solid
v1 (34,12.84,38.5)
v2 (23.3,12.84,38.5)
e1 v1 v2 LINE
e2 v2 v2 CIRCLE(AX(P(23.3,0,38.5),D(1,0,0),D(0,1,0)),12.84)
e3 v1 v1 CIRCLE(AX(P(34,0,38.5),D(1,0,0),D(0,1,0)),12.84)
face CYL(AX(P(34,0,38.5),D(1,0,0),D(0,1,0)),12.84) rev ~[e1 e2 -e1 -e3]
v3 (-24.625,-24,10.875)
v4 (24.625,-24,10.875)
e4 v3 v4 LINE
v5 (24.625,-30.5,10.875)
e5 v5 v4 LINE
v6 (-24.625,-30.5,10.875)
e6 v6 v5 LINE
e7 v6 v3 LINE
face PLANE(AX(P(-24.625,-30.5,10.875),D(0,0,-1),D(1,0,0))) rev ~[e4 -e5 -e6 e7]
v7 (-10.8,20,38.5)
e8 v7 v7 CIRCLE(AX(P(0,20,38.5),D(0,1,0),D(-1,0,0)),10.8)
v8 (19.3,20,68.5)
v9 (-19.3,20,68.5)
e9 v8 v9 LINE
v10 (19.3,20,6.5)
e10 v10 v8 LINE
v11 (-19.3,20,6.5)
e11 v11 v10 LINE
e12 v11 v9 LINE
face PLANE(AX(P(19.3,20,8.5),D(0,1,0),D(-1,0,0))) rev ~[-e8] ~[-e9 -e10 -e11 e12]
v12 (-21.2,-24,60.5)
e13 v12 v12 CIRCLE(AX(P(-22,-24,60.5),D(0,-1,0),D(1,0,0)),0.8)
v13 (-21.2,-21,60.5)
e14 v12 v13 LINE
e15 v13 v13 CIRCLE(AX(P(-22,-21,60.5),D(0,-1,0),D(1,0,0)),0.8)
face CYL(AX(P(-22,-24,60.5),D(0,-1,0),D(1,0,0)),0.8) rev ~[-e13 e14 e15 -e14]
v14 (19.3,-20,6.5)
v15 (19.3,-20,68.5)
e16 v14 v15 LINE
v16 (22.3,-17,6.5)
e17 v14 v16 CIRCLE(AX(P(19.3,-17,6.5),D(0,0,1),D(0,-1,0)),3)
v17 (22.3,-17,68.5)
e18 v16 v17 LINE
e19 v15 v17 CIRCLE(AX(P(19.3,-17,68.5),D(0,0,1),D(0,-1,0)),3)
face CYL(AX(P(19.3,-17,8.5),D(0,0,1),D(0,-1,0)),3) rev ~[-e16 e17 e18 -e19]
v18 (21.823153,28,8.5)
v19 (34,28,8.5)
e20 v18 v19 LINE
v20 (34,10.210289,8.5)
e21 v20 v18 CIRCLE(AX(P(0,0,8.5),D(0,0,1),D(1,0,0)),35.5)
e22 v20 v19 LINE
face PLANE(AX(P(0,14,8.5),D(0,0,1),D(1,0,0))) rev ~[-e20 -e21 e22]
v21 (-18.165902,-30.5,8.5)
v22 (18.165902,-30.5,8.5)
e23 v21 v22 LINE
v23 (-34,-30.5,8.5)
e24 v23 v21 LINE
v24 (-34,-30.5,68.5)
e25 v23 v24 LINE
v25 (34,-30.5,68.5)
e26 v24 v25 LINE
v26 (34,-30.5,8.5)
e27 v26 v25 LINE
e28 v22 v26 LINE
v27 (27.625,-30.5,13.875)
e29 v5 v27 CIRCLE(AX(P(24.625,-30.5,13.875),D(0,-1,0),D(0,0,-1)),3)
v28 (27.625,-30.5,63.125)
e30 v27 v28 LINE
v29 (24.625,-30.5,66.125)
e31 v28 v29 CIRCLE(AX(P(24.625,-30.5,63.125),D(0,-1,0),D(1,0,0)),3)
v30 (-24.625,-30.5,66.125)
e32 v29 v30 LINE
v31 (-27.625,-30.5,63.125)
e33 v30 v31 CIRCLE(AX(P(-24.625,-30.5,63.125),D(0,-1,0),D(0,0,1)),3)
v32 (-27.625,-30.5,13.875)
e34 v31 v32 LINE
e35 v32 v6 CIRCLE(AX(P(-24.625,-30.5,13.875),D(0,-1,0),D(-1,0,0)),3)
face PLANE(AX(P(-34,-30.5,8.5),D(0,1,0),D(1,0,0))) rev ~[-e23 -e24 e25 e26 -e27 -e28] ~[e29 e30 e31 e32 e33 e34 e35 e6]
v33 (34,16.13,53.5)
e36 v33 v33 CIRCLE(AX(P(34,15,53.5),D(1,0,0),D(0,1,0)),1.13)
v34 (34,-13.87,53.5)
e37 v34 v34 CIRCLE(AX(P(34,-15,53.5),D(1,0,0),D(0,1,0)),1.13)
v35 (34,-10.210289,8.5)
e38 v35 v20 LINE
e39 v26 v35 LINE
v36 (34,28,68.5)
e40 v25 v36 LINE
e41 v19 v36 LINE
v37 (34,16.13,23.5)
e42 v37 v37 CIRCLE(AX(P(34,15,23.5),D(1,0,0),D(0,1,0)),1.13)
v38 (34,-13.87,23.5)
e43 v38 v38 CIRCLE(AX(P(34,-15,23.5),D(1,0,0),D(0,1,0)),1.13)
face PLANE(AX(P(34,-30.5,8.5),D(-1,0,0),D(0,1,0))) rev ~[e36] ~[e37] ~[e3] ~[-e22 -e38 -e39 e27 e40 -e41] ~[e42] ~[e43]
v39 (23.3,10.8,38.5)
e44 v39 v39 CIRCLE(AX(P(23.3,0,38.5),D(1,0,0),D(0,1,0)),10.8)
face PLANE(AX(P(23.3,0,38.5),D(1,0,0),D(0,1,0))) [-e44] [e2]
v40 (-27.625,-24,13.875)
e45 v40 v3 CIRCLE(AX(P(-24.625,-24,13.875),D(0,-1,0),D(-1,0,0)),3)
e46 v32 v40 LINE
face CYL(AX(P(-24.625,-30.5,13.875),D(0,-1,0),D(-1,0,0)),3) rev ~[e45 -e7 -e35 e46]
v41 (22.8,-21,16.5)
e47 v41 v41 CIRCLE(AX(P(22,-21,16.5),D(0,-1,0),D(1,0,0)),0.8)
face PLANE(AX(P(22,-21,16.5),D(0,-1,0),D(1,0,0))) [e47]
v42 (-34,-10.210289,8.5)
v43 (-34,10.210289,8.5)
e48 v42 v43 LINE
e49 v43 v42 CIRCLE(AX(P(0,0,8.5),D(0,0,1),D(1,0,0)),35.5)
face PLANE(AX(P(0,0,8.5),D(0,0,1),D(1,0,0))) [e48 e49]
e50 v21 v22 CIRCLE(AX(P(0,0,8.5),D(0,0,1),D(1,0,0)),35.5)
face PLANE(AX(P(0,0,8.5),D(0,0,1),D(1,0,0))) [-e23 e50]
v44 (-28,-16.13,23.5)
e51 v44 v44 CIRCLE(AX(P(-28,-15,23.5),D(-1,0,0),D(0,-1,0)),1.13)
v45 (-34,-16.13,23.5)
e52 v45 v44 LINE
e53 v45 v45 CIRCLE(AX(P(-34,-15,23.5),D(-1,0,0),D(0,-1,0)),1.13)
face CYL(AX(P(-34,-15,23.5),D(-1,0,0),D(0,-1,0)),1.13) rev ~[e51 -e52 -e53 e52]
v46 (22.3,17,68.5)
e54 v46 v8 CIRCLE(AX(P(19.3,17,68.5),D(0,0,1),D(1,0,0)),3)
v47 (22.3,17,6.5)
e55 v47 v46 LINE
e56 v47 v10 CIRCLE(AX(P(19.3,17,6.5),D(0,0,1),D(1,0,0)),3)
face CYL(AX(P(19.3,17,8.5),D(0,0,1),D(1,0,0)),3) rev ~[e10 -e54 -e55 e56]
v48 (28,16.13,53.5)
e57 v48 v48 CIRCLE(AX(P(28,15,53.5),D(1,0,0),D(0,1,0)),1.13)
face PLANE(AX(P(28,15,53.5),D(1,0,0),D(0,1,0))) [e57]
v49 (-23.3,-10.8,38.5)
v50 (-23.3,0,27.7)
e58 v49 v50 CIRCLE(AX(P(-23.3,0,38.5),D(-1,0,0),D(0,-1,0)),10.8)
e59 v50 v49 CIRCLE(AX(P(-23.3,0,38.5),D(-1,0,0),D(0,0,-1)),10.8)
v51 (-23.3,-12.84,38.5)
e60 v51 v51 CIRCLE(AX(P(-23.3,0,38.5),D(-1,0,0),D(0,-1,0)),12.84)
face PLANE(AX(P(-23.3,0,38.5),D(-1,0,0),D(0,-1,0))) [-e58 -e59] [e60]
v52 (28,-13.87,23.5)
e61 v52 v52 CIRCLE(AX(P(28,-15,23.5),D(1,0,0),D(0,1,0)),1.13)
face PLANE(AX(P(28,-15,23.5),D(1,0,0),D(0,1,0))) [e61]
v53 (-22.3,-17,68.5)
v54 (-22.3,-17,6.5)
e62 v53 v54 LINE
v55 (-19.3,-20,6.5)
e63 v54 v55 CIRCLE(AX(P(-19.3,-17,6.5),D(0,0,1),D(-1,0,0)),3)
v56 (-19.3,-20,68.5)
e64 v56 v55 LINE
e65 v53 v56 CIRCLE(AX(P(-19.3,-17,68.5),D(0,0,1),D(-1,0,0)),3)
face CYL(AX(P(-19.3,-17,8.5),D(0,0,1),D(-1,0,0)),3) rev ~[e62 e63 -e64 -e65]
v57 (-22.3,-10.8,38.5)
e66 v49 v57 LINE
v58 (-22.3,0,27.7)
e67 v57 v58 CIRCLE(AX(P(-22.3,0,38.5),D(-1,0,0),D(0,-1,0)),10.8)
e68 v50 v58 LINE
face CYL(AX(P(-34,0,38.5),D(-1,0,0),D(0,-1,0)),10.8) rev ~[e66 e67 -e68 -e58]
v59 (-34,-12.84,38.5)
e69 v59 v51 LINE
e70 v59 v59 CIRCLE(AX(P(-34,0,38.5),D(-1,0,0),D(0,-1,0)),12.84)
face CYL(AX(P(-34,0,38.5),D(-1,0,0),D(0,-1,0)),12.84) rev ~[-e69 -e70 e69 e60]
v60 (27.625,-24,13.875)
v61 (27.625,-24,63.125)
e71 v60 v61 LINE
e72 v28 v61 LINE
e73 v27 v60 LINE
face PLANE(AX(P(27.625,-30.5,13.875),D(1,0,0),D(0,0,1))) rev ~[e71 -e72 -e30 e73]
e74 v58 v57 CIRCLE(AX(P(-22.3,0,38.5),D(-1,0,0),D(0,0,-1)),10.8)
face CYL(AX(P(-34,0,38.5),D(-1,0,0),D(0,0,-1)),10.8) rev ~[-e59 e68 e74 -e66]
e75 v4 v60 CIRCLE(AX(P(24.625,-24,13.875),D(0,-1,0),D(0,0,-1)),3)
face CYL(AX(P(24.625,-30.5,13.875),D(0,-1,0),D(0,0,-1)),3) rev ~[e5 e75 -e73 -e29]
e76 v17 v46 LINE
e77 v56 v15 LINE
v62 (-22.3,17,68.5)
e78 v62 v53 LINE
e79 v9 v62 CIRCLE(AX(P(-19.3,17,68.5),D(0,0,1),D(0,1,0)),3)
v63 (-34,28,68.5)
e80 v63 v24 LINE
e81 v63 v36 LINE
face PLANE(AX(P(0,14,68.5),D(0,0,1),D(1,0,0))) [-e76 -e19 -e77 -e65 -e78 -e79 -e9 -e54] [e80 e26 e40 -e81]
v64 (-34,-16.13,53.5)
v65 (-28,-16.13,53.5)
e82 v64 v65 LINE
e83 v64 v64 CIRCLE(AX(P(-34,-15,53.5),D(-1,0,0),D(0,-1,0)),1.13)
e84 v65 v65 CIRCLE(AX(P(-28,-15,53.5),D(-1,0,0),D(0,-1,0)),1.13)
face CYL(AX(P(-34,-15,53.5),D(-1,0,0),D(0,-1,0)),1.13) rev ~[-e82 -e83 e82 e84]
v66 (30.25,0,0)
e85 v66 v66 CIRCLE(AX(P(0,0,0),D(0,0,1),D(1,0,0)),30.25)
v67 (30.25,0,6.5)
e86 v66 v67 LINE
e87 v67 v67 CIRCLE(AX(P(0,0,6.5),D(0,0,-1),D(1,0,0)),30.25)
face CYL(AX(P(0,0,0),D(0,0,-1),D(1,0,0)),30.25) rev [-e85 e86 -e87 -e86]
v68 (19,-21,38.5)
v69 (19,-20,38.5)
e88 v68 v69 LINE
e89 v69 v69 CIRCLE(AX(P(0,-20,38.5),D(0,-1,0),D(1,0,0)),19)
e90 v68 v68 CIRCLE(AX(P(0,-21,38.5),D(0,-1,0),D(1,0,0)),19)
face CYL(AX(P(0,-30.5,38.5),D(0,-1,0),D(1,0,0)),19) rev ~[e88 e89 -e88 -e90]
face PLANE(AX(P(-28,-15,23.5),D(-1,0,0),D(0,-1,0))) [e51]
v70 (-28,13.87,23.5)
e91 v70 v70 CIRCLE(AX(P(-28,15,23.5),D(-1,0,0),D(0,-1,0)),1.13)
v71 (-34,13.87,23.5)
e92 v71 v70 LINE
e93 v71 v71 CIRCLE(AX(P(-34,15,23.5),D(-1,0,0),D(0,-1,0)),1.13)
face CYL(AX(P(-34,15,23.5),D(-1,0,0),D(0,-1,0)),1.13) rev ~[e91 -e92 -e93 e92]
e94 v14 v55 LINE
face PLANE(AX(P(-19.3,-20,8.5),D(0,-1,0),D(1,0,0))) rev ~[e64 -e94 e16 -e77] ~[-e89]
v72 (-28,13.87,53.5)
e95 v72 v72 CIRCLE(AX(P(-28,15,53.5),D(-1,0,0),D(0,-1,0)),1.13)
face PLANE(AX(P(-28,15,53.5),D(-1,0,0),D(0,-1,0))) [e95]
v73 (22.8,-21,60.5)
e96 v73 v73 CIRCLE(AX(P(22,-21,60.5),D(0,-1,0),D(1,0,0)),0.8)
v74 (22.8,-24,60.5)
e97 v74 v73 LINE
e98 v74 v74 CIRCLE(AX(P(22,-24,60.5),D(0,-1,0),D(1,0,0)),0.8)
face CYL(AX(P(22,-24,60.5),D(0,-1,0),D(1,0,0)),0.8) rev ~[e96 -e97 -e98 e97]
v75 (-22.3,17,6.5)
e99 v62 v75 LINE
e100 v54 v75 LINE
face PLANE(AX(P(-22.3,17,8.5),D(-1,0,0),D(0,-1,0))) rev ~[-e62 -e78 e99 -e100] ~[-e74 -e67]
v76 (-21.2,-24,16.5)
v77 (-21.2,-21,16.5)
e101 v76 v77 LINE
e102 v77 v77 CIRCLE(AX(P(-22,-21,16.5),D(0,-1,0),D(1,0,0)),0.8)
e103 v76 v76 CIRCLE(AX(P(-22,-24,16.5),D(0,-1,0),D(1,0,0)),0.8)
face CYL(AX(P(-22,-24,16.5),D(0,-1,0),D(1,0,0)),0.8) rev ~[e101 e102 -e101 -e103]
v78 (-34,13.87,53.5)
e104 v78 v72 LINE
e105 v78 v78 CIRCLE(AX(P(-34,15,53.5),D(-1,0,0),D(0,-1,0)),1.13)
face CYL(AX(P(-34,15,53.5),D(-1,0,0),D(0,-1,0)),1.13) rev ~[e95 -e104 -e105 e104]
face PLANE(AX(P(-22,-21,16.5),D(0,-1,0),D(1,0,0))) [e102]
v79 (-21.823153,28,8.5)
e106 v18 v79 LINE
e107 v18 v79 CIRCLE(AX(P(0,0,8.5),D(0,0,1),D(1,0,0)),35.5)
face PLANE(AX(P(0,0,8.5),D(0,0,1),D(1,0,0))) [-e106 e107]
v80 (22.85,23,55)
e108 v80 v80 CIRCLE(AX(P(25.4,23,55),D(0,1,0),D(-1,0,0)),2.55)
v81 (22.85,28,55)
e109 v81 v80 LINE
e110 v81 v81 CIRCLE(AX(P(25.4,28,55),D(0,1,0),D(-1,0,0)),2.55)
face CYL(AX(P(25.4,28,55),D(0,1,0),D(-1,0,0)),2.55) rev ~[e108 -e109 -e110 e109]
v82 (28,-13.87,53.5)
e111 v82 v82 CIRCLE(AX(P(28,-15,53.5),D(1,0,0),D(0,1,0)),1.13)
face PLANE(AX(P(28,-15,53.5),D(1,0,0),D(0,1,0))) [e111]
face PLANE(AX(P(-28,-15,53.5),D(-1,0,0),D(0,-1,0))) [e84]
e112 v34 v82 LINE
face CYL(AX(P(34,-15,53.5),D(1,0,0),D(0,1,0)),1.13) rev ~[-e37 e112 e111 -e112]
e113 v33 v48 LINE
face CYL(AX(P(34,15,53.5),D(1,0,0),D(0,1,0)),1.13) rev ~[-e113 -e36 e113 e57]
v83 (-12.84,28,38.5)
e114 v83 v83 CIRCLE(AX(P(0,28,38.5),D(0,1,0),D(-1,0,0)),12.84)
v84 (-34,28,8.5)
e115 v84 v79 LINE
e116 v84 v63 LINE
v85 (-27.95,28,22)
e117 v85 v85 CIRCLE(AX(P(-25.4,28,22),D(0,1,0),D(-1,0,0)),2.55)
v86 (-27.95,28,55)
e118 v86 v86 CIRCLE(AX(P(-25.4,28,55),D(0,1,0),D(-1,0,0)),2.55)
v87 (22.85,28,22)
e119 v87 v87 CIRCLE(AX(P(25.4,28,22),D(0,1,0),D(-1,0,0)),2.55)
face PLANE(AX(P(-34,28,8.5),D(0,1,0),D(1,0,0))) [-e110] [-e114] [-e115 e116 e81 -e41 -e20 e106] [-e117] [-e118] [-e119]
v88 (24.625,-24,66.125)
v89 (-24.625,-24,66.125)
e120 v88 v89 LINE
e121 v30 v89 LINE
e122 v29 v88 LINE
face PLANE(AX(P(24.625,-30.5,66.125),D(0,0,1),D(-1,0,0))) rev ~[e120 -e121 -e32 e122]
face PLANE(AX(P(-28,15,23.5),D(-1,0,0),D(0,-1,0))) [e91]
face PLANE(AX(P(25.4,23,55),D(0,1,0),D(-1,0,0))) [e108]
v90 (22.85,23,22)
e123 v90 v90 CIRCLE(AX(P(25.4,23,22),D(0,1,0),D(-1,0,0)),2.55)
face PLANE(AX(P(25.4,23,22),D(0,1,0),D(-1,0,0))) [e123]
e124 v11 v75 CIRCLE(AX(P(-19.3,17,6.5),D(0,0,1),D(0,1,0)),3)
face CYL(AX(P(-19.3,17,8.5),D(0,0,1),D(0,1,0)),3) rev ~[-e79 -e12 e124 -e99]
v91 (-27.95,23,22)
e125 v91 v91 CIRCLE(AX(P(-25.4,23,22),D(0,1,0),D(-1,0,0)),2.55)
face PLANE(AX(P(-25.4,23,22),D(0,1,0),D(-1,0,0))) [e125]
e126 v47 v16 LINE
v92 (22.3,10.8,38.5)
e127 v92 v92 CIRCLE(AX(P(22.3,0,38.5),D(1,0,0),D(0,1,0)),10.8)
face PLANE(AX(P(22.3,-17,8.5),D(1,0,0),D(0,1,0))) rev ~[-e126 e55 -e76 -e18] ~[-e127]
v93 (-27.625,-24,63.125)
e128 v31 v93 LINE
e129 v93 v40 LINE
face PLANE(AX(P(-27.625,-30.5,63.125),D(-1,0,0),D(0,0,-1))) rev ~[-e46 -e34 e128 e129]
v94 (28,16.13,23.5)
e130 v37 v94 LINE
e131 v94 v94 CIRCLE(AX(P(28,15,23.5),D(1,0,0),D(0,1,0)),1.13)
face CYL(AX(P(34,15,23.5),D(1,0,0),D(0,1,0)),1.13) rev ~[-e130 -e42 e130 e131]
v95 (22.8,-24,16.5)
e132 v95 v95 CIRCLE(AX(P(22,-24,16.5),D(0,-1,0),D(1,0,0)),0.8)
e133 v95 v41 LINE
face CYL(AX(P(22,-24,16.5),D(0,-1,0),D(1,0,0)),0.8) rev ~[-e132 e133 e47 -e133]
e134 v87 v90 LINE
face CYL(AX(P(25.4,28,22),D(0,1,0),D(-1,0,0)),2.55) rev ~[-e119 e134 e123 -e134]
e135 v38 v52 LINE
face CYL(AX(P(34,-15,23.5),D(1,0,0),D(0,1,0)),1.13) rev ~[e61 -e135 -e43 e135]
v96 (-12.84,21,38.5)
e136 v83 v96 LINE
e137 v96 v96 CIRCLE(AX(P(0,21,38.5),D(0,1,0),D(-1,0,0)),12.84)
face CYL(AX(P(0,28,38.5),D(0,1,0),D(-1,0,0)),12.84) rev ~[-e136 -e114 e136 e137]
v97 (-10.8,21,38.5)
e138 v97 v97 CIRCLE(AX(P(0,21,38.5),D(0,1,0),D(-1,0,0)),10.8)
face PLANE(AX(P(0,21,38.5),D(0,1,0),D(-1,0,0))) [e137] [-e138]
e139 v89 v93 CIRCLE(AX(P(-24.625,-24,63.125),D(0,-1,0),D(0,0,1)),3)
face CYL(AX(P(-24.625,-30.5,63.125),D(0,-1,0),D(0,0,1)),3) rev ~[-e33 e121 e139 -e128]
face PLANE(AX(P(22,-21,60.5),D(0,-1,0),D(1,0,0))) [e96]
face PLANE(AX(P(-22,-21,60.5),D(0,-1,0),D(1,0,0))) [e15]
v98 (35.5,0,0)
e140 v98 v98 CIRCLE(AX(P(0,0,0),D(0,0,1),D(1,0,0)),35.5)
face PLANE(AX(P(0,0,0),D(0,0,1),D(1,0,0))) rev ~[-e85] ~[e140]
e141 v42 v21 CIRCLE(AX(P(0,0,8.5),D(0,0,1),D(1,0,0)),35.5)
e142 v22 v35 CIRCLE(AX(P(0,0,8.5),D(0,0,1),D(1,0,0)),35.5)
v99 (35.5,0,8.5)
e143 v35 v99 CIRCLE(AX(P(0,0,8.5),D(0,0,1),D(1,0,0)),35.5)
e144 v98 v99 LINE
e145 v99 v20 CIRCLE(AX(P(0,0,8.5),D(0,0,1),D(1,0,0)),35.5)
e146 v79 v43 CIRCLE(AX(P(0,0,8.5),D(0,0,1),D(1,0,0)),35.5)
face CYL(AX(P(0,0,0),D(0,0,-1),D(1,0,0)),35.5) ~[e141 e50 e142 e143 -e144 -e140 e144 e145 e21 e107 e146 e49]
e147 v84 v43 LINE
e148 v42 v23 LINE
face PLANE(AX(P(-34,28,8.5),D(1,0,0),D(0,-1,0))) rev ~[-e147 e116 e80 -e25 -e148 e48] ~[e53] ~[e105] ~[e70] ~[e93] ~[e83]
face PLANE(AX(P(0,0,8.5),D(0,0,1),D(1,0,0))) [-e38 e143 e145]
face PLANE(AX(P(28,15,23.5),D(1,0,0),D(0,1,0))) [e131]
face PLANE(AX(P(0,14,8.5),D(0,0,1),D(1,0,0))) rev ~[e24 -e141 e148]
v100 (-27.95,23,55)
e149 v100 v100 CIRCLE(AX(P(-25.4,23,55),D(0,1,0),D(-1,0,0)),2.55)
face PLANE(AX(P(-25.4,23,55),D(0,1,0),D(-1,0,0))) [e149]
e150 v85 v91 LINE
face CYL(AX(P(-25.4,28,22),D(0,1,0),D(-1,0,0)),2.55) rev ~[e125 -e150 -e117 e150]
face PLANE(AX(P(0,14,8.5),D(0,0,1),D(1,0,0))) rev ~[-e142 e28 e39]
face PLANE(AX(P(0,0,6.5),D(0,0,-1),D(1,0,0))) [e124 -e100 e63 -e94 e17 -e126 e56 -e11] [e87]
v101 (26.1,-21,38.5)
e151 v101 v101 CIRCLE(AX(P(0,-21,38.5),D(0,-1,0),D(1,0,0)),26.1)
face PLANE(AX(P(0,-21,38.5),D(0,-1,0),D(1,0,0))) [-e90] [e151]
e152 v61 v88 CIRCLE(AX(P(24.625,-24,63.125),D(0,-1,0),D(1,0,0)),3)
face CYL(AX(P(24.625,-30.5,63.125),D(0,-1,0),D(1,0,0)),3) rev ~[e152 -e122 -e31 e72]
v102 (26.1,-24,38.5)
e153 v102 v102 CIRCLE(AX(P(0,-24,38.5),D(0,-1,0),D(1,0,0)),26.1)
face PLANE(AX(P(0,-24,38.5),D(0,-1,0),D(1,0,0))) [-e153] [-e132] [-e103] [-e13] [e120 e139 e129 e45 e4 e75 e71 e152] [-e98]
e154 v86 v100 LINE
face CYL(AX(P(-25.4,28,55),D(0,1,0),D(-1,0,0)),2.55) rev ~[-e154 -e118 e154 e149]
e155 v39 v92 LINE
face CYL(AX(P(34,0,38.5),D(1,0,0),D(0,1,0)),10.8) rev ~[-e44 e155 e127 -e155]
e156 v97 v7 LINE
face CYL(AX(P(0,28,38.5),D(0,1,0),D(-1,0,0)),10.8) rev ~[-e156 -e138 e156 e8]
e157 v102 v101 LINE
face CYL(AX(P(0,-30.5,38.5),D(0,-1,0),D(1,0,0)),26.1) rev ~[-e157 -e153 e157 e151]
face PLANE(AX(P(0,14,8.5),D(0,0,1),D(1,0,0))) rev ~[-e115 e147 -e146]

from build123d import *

# Parameters (mm, degrees)
F1_R      = 35.5
F2_DEPTH  = 8.5
F0_R      = 30.25
F3_DEPTH  = 8.5
F5_W      = 68
F5_H      = 28
F5_H_2    = 30.5
F6_DEPTH  = 60
F7_R      = 35.25
F8_DEPTH  = 2
F9_DEPTH  = 100
F10_R     = 19
F11_DEPTH = 12
F12_R     = 26.1
F13_DEPTH = 9.5
F15_DEPTH = 6.5
F17_DEPTH = 25
F18_R     = 12.84
F19_DEPTH = 10.7
F20_R     = 10.8
F21_DEPTH = 25
F22_R     = 12.84
F23_DEPTH = 7
F24_R     = 0.8
F25_DEPTH = 3
F26_R     = 2.55
F27_DEPTH = 5
F28_R     = 10.8
F29_DEPTH = 25
F30_R     = 12.84
F31_DEPTH = 10.7
F32_R     = 1.13
F33_DEPTH = 6
F34_R     = 1.13
F35_DEPTH = 6


with BuildPart() as f2:
    # F1 (on Top) → F2 (new body)
    with BuildSketch(Plane.XY):
        Circle(F1_R)
    extrude(amount=F2_DEPTH)

    # F0 (on Top) → F3 (cut)
    with BuildSketch(Plane.XY):
        Circle(F0_R)
    extrude(amount=F3_DEPTH, mode=Mode.SUBTRACT)

    # F5 (on face) → F6 (join)
    with BuildSketch(Plane.XY.offset(8.5)):
        with Locations((0, 14)):
            Rectangle(F5_W, F5_H)
        with Locations((0, -15.25)):
            Rectangle(F5_W, F5_H_2)
    extrude(amount=F6_DEPTH)

    # F7 (on face) → F8 (join)
    with BuildSketch(Plane(origin=(0, 0, 8.5), x_dir=(1, 0, 0), z_dir=(0, 0, -1))):
        Circle(F7_R)
    extrude(amount=F8_DEPTH)

    # F4 (on face) → F9 (cut, symmetric)
    with BuildSketch(Plane.XY.offset(8.5)):
        with BuildLine():
            Line((-19.3, -20), (19.3, -20))
            ThreePointArc((19.3, -20), (21.4213203436, -19.1213203436), (22.3, -17))
            Line((22.3, -17), (22.3, 17))
            ThreePointArc((22.3, 17), (21.4213203436, 19.1213203436), (19.3, 20))
            Line((19.3, 20), (-19.3, 20))
            ThreePointArc((-19.3, 20), (-21.4213203436, 19.1213203436), (-22.3, 17))
            Line((-22.3, 17), (-22.3, -17))
            ThreePointArc((-22.3, -17), (-21.4213203436, -19.1213203436), (-19.3, -20))
        make_face()
    extrude(amount=F9_DEPTH, both=True, mode=Mode.SUBTRACT)

    # F10 (on face) → F11 (cut)
    with BuildSketch(Plane.XZ.offset(30.5)):
        with Locations((0, 38.5)):
            Circle(F10_R)
    extrude(amount=-F11_DEPTH, mode=Mode.SUBTRACT)

    # F12 (on face) → F13 (cut)
    with BuildSketch(Plane.XZ.offset(30.5)):
        with Locations((0, 38.5)):
            Circle(F12_R)
    extrude(amount=-F13_DEPTH, mode=Mode.SUBTRACT)

    # F14 (on face) → F15 (cut)
    with BuildSketch(Plane.XZ.offset(30.5)):
        with BuildLine():
            Line((-24.625, 10.875), (24.625, 10.875))
            ThreePointArc((24.625, 10.875), (26.7463203436, 11.7536796564), (27.625, 13.875))
            Line((27.625, 13.875), (27.625, 63.125))
            ThreePointArc((27.625, 63.125), (26.7463203436, 65.2463203436), (24.625, 66.125))
            Line((24.625, 66.125), (-24.625, 66.125))
            ThreePointArc((-24.625, 66.125), (-26.7463203436, 65.2463203436), (-27.625, 63.125))
            Line((-27.625, 63.125), (-27.625, 13.875))
            ThreePointArc((-27.625, 13.875), (-26.7463203436, 11.7536796564), (-24.625, 10.875))
        make_face()
    extrude(amount=-F15_DEPTH, mode=Mode.SUBTRACT)

    # F16 (on face) → F17 (cut)
    with BuildSketch(Plane(origin=(-34, 0, 0), x_dir=(0, -1, 0), z_dir=(-1, 0, 0))):
        with BuildLine():
            ThreePointArc((0, 27.7), (7.6367532368, 30.8632467632), (10.8, 38.5))
            ThreePointArc((10.8, 38.5), (-7.6367532368, 46.1367532368), (0, 27.7))
        make_face()
    extrude(amount=-F17_DEPTH, mode=Mode.SUBTRACT)

    # F18 (on face) → F19 (cut)
    with BuildSketch(Plane(origin=(-34, 0, 0), x_dir=(0, -1, 0), z_dir=(-1, 0, 0))):
        with Locations((0, 38.5)):
            Circle(F18_R)
    extrude(amount=-F19_DEPTH, mode=Mode.SUBTRACT)

    # F20 (on face) → F21 (cut)
    with BuildSketch(Plane(origin=(0, 28, 0), x_dir=(-1, 0, 0), z_dir=(0, 1, 0))):
        with Locations((0, 38.5)):
            Circle(F20_R)
    extrude(amount=-F21_DEPTH, mode=Mode.SUBTRACT)

    # F22 (on face) → F23 (cut)
    with BuildSketch(Plane(origin=(0, 28, 0), x_dir=(-1, 0, 0), z_dir=(0, 1, 0))):
        with Locations((0, 38.5)):
            Circle(F22_R)
    extrude(amount=-F23_DEPTH, mode=Mode.SUBTRACT)

    # F24 (on face) → F25 (cut)
    with BuildSketch(Plane.XZ.offset(24)):
        with Locations((-22, 60.5)):
            Circle(F24_R)
        with Locations((22, 60.5)):
            Circle(F24_R)
        with Locations((22, 16.5)):
            Circle(F24_R)
        with Locations((-22, 16.5)):
            Circle(F24_R)
    extrude(amount=-F25_DEPTH, mode=Mode.SUBTRACT)

    # F26 (on face) → F27 (cut)
    with BuildSketch(Plane(origin=(0, 28, 0), x_dir=(-1, 0, 0), z_dir=(0, 1, 0))):
        with Locations((-25.4, 55)):
            Circle(F26_R)
        with Locations((25.4, 55)):
            Circle(F26_R)
        with Locations((25.4, 22)):
            Circle(F26_R)
        with Locations((-25.4, 22)):
            Circle(F26_R)
    extrude(amount=-F27_DEPTH, mode=Mode.SUBTRACT)

    # F28 (on face) → F29 (cut)
    with BuildSketch(Plane.YZ.offset(34)):
        with Locations((0, 38.5)):
            Circle(F28_R)
    extrude(amount=-F29_DEPTH, mode=Mode.SUBTRACT)

    # F30 (on face) → F31 (cut)
    with BuildSketch(Plane.YZ.offset(34)):
        with Locations((0, 38.5)):
            Circle(F30_R)
    extrude(amount=-F31_DEPTH, mode=Mode.SUBTRACT)

    # F32 (on face) → F33 (cut)
    with BuildSketch(Plane.YZ.offset(34)):
        with Locations((-15, 53.5)):
            Circle(F32_R)
        with Locations((15, 53.5)):
            Circle(F32_R)
        with Locations((15, 23.5)):
            Circle(F32_R)
        with Locations((-15, 23.5)):
            Circle(F32_R)
    extrude(amount=-F33_DEPTH, mode=Mode.SUBTRACT)

    # F34 (on face) → F35 (cut)
    with BuildSketch(Plane(origin=(-34, 0, 0), x_dir=(0, -1, 0), z_dir=(-1, 0, 0))):
        with Locations((-15, 23.5)):
            Circle(F34_R)
        with Locations((15, 23.5)):
            Circle(F34_R)
        with Locations((15, 53.5)):
            Circle(F34_R)
        with Locations((-15, 53.5)):
            Circle(F34_R)
    extrude(amount=-F35_DEPTH, mode=Mode.SUBTRACT)


solid = f2.part
